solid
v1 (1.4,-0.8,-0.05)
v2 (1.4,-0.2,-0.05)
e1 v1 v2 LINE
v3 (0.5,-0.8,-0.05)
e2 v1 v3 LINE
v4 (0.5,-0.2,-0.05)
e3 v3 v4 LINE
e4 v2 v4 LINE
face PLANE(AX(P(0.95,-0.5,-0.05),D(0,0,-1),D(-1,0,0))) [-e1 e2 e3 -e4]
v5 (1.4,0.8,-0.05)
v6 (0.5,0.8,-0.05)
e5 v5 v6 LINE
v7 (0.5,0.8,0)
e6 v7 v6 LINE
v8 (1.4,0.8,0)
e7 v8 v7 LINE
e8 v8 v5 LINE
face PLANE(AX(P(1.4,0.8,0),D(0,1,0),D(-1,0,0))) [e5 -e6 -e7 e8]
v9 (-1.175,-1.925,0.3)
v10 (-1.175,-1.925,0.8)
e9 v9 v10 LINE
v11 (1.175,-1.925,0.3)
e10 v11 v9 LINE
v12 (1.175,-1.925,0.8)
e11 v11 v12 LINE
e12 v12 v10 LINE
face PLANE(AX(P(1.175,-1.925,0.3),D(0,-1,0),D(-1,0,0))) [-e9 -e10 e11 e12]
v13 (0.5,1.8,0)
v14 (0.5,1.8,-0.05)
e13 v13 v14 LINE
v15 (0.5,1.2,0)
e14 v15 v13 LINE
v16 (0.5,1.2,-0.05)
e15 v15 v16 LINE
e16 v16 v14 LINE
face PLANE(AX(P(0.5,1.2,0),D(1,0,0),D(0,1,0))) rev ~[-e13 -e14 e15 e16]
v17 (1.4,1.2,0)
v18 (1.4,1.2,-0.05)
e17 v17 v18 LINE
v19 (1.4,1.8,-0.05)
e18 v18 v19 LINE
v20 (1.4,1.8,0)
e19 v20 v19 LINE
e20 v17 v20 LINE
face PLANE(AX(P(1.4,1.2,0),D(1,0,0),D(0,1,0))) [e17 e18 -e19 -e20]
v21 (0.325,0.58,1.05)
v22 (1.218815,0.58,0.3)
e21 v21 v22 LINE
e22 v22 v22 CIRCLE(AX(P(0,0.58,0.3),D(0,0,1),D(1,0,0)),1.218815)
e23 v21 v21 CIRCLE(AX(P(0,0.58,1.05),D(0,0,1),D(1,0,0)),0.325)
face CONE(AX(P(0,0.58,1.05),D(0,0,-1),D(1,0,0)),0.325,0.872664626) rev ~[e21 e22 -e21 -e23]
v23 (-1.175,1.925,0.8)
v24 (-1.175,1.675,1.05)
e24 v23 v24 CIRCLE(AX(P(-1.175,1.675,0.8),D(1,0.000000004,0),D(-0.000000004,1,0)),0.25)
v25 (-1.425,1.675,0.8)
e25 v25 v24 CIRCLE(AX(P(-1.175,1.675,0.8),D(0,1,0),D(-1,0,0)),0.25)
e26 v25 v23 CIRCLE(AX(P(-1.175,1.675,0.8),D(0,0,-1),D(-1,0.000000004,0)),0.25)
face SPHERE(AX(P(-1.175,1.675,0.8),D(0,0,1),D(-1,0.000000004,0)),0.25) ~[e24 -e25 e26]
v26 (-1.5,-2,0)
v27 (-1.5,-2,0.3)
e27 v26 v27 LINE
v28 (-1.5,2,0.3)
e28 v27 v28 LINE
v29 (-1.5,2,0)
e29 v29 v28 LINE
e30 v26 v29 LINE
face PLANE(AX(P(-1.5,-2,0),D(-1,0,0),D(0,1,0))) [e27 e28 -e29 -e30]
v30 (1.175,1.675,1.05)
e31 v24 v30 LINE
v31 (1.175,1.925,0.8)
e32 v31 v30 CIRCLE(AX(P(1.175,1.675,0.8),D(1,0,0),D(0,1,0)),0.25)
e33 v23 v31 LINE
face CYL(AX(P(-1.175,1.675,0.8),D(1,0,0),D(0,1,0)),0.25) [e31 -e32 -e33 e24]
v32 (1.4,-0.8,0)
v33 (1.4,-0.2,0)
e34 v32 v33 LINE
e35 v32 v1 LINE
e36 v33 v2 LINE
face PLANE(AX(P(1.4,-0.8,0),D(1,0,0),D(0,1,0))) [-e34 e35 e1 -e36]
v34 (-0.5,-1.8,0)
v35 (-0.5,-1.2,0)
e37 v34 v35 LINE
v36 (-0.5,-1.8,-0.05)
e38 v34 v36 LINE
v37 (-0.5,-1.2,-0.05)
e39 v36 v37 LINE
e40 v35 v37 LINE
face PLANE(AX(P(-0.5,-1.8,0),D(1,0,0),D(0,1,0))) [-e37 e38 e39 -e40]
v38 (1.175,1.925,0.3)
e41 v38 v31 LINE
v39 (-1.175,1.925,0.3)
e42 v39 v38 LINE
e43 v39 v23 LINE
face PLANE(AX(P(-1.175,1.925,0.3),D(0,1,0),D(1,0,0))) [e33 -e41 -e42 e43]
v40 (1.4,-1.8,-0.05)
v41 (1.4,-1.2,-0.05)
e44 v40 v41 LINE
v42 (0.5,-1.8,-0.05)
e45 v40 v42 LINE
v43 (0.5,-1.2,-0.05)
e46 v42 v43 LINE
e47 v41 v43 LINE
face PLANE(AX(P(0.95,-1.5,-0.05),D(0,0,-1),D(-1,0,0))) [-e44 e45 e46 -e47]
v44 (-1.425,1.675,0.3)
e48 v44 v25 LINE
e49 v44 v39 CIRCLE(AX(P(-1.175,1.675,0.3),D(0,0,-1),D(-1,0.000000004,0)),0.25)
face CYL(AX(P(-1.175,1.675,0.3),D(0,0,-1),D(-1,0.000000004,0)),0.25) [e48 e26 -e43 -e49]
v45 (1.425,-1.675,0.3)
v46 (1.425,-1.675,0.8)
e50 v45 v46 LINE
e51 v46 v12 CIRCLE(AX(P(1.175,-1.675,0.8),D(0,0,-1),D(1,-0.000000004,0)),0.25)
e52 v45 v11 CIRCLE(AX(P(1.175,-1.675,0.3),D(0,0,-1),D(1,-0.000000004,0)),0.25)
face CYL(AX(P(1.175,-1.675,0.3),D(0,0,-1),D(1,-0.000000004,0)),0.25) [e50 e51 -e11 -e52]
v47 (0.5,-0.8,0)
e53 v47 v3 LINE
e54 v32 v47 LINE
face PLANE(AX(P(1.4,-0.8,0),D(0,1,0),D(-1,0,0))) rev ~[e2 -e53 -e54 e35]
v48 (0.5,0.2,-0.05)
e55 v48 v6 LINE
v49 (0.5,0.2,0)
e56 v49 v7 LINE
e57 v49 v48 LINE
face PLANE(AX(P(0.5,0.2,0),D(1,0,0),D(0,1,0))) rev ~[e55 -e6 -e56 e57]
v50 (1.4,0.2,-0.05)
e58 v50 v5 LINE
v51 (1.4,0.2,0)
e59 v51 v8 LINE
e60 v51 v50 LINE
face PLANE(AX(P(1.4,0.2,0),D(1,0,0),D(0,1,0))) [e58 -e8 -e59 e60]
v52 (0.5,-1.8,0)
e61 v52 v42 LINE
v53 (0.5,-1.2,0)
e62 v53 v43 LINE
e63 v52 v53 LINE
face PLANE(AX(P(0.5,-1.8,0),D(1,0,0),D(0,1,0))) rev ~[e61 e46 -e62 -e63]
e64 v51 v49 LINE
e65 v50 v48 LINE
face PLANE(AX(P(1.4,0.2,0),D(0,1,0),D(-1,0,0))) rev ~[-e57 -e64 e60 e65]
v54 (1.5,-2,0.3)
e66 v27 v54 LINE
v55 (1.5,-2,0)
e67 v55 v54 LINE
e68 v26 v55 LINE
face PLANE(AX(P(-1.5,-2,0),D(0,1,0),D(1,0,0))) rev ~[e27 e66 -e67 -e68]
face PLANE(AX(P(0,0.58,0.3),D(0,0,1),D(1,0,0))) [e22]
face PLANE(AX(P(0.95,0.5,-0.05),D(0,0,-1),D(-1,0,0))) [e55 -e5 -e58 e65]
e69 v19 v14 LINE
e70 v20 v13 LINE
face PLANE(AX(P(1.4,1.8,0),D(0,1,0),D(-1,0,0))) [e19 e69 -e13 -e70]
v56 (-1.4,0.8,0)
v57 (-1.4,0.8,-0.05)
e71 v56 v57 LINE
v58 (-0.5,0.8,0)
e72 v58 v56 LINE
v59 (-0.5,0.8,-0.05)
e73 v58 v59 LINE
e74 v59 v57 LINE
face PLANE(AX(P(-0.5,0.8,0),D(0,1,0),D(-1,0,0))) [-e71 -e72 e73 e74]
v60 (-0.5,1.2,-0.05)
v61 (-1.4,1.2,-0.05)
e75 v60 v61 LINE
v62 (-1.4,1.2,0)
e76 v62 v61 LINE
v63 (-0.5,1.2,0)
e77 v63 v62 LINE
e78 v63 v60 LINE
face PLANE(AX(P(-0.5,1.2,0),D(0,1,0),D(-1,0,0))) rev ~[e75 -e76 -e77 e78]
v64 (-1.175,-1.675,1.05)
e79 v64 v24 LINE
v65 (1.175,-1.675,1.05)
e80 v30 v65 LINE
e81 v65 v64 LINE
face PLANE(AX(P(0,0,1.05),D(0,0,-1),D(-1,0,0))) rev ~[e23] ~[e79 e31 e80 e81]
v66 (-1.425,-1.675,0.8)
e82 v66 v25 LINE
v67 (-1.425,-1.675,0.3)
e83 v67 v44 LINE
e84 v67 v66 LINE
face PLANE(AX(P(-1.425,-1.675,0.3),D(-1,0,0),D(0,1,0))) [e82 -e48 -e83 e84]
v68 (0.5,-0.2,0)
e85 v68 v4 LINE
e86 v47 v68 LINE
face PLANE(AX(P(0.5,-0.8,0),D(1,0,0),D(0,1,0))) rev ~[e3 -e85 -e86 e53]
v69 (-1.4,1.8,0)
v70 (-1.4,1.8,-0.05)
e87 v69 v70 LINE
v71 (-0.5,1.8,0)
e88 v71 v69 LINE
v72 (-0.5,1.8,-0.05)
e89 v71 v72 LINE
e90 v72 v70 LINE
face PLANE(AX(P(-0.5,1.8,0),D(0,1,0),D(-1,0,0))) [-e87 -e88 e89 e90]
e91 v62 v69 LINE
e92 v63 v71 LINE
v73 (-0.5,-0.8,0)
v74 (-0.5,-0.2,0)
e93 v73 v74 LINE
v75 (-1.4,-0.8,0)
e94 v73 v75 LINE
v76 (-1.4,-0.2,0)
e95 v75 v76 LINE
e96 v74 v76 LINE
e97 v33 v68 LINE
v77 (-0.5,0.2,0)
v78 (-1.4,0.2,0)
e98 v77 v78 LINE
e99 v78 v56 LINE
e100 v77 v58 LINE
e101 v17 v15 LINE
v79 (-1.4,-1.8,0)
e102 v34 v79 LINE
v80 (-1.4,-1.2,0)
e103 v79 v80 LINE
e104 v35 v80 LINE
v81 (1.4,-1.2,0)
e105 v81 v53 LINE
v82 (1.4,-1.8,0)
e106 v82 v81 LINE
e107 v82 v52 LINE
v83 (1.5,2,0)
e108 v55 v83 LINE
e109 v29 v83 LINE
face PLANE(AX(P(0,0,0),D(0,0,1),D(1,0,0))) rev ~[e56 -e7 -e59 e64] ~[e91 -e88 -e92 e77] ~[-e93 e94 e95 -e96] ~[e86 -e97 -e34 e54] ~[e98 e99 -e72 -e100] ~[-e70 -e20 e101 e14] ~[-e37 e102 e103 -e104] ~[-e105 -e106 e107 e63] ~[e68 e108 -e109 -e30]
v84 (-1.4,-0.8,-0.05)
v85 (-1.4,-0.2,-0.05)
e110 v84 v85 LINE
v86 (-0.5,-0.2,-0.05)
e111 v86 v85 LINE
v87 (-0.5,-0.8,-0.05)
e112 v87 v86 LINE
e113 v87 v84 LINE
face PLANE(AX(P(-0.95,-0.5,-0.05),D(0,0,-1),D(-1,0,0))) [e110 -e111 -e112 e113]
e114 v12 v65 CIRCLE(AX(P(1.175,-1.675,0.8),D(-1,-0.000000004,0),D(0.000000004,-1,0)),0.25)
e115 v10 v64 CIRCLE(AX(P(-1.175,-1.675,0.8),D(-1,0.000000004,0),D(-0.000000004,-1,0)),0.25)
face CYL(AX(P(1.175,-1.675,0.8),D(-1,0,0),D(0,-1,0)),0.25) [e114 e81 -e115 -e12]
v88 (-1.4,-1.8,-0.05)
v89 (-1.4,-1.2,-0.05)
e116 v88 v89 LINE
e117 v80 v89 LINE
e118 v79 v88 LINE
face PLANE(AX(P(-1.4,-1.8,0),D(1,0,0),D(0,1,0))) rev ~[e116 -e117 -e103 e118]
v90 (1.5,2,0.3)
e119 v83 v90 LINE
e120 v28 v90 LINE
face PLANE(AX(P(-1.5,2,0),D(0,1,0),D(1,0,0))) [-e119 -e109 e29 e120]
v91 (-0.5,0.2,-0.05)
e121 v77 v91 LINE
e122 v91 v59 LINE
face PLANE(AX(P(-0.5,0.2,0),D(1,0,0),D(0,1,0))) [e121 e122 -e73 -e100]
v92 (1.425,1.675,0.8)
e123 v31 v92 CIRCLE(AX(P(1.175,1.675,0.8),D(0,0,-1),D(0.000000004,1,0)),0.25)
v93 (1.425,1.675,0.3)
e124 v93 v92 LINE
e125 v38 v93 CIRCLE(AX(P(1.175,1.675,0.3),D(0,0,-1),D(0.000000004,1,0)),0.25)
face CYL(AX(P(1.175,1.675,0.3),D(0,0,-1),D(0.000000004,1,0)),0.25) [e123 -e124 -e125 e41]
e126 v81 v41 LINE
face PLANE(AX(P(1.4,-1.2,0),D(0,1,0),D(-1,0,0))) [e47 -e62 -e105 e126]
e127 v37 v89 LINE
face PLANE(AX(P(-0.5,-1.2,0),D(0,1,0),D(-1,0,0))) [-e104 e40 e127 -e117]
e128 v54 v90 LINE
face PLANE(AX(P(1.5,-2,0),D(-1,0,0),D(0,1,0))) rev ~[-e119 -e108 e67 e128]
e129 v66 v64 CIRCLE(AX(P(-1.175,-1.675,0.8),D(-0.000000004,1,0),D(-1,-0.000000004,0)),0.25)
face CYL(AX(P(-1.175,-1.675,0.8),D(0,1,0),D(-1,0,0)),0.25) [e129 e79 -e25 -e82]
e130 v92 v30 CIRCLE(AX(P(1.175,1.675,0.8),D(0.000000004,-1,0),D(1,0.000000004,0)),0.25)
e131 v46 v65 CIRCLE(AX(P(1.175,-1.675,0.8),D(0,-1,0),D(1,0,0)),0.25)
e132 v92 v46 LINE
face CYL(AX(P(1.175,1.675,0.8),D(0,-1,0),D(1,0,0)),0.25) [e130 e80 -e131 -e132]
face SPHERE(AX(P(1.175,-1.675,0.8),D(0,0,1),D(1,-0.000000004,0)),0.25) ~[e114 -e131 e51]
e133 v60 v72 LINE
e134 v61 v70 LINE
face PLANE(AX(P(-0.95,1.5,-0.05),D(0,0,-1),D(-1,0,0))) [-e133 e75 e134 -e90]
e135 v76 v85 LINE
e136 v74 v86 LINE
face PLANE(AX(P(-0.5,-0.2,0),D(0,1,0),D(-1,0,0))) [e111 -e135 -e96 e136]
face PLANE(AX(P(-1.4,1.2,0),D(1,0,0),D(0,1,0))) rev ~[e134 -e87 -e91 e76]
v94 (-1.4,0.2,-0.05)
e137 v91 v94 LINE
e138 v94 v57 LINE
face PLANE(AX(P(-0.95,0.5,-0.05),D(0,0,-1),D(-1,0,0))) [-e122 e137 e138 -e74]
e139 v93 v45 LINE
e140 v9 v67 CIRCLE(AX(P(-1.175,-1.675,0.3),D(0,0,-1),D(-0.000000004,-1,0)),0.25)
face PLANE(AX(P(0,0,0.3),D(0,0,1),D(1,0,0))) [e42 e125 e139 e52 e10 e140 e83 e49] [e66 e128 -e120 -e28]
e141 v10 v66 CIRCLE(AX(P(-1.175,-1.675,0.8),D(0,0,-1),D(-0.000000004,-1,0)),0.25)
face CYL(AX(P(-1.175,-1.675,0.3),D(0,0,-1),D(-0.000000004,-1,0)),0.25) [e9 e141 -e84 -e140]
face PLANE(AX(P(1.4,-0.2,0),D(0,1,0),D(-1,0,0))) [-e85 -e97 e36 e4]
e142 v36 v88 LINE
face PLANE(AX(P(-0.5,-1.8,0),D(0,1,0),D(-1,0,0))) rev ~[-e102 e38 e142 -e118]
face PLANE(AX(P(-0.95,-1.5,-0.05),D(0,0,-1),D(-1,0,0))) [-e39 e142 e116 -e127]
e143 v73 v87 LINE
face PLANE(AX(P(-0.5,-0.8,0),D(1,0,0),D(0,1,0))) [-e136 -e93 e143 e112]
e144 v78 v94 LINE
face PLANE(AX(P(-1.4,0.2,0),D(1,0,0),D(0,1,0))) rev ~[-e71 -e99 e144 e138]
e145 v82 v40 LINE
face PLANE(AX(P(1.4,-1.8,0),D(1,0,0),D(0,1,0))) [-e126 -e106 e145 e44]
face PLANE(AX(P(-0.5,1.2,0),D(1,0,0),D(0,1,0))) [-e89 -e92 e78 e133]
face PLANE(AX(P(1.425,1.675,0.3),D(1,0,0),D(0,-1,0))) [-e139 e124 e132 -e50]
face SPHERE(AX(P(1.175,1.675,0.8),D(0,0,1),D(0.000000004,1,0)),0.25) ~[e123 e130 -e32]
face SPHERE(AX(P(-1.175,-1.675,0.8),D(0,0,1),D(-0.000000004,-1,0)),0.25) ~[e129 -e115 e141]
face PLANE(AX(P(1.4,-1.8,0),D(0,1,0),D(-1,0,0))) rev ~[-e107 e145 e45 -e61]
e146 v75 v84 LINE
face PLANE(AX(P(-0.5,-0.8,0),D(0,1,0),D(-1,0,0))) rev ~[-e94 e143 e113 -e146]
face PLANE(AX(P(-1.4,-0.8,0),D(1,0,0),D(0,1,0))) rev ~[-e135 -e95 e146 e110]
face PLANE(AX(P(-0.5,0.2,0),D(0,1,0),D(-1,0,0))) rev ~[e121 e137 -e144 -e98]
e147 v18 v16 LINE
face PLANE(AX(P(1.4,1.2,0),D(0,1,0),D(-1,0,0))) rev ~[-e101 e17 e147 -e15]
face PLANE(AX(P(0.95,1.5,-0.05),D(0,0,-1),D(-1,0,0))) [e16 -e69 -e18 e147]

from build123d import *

# Parameters (mm, degrees)
SKETCH_1_W          = 3
SKETCH_1_H          = 4
EXTRUDE_1_DEPTH     = 0.3
EXTRUDE_2_DEPTH     = 0.75
FILLET_1_R          = 0.25
SKETCH_3_R          = 0.325
CUT_EXTRUDE_1_DEPTH = 0.75
CUT_EXTRUDE_1_DRAFT = 50
SKETCH_4_W          = 0.9
SKETCH_4_H          = 0.6
EXTRUDE_3_DEPTH     = 0.05


with BuildPart() as part:
    # Эскиз1 → Бобышка-Вытянуть1 (new body)
    with BuildSketch(Plane.XY):
        Rectangle(SKETCH_1_W, SKETCH_1_H)
    extrude(amount=EXTRUDE_1_DEPTH)

    # Эскиз2 → Бобышка-Вытянуть2 (add)
    with BuildSketch(Plane.XY.offset(0.3)):
        with BuildLine():
            Line((-1.175, 1.925), (1.175, 1.925))
            ThreePointArc((1.175, 1.925), (1.351776695, 1.851776695), (1.425, 1.675))
            Line((1.425, 1.675), (1.425, -1.675))
            ThreePointArc((1.425, -1.675), (1.351776695, -1.851776695), (1.175, -1.925))
            Line((1.175, -1.925), (-1.175, -1.925))
            ThreePointArc((-1.175, -1.925), (-1.351776695, -1.851776695), (-1.425, -1.675))
            Line((-1.425, -1.675), (-1.425, 1.675))
            ThreePointArc((-1.425, 1.675), (-1.351776695, 1.851776695), (-1.175, 1.925))
        make_face()
    extrude(amount=EXTRUDE_2_DEPTH)

    # Скругление1
    fillet_1_edges = [part.edges().sort_by_distance(p)[0] for p in [
        (-1.351776695, -1.851776695, 1.05),
        (0, -1.925, 1.05),
        (1.351776695, -1.851776695, 1.05),
        (1.425, 0, 1.05),
        (1.351776695, 1.851776695, 1.05),
        (0, 1.925, 1.05),
        (-1.351776695, 1.851776695, 1.05),
        (-1.425, 0, 1.05),
    ]]
    fillet(fillet_1_edges, radius=FILLET_1_R)


with BuildPart() as cut_extrude_1_tool:
    # Эскиз3 → Вырез-Вытянуть1 (with draft: the straight prism first)
    with BuildSketch(Plane.XY.offset(1.05)):
        with Locations((0, 0.58)):
            Circle(SKETCH_3_R)
    extrude(amount=-CUT_EXTRUDE_1_DEPTH)
    # Вырез-Вытянуть1: the draft: its side faces are tilted about the plane it starts from
    cut_extrude_1_sides = [cut_extrude_1_tool.faces().sort_by_distance(p)[0] for p in [
        (-0.325, 0.58, 0.675),
    ]]
    draft(cut_extrude_1_sides, Plane.XY.offset(1.05), CUT_EXTRUDE_1_DRAFT)


with BuildPart() as part_1:
    add(part.part)

    # Вырез-Вытянуть1: cut by cut_extrude_1_tool
    add(cut_extrude_1_tool.part, mode=Mode.SUBTRACT)

    # Эскиз4 → Бобышка-Вытянуть3 (add)
    with BuildSketch(Plane(origin=(0, 0, 0), x_dir=(-1, 0, 0), z_dir=(0, 0, -1))):
        with Locations((-0.95, -1.5)):
            Rectangle(SKETCH_4_W, SKETCH_4_H)
        with Locations((0.95, -1.5)):
            Rectangle(SKETCH_4_W, SKETCH_4_H)
        with Locations((0.95, -0.5)):
            Rectangle(SKETCH_4_W, SKETCH_4_H)
        with Locations((0.95, 0.5)):
            Rectangle(SKETCH_4_W, SKETCH_4_H)
        with Locations((0.95, 1.5)):
            Rectangle(SKETCH_4_W, SKETCH_4_H)
        with Locations((-0.95, -0.5)):
            Rectangle(SKETCH_4_W, SKETCH_4_H)
        with Locations((-0.95, 0.5)):
            Rectangle(SKETCH_4_W, SKETCH_4_H)
        with Locations((-0.95, 1.5)):
            Rectangle(SKETCH_4_W, SKETCH_4_H)
    extrude(amount=EXTRUDE_3_DEPTH)


solid = part_1.part
